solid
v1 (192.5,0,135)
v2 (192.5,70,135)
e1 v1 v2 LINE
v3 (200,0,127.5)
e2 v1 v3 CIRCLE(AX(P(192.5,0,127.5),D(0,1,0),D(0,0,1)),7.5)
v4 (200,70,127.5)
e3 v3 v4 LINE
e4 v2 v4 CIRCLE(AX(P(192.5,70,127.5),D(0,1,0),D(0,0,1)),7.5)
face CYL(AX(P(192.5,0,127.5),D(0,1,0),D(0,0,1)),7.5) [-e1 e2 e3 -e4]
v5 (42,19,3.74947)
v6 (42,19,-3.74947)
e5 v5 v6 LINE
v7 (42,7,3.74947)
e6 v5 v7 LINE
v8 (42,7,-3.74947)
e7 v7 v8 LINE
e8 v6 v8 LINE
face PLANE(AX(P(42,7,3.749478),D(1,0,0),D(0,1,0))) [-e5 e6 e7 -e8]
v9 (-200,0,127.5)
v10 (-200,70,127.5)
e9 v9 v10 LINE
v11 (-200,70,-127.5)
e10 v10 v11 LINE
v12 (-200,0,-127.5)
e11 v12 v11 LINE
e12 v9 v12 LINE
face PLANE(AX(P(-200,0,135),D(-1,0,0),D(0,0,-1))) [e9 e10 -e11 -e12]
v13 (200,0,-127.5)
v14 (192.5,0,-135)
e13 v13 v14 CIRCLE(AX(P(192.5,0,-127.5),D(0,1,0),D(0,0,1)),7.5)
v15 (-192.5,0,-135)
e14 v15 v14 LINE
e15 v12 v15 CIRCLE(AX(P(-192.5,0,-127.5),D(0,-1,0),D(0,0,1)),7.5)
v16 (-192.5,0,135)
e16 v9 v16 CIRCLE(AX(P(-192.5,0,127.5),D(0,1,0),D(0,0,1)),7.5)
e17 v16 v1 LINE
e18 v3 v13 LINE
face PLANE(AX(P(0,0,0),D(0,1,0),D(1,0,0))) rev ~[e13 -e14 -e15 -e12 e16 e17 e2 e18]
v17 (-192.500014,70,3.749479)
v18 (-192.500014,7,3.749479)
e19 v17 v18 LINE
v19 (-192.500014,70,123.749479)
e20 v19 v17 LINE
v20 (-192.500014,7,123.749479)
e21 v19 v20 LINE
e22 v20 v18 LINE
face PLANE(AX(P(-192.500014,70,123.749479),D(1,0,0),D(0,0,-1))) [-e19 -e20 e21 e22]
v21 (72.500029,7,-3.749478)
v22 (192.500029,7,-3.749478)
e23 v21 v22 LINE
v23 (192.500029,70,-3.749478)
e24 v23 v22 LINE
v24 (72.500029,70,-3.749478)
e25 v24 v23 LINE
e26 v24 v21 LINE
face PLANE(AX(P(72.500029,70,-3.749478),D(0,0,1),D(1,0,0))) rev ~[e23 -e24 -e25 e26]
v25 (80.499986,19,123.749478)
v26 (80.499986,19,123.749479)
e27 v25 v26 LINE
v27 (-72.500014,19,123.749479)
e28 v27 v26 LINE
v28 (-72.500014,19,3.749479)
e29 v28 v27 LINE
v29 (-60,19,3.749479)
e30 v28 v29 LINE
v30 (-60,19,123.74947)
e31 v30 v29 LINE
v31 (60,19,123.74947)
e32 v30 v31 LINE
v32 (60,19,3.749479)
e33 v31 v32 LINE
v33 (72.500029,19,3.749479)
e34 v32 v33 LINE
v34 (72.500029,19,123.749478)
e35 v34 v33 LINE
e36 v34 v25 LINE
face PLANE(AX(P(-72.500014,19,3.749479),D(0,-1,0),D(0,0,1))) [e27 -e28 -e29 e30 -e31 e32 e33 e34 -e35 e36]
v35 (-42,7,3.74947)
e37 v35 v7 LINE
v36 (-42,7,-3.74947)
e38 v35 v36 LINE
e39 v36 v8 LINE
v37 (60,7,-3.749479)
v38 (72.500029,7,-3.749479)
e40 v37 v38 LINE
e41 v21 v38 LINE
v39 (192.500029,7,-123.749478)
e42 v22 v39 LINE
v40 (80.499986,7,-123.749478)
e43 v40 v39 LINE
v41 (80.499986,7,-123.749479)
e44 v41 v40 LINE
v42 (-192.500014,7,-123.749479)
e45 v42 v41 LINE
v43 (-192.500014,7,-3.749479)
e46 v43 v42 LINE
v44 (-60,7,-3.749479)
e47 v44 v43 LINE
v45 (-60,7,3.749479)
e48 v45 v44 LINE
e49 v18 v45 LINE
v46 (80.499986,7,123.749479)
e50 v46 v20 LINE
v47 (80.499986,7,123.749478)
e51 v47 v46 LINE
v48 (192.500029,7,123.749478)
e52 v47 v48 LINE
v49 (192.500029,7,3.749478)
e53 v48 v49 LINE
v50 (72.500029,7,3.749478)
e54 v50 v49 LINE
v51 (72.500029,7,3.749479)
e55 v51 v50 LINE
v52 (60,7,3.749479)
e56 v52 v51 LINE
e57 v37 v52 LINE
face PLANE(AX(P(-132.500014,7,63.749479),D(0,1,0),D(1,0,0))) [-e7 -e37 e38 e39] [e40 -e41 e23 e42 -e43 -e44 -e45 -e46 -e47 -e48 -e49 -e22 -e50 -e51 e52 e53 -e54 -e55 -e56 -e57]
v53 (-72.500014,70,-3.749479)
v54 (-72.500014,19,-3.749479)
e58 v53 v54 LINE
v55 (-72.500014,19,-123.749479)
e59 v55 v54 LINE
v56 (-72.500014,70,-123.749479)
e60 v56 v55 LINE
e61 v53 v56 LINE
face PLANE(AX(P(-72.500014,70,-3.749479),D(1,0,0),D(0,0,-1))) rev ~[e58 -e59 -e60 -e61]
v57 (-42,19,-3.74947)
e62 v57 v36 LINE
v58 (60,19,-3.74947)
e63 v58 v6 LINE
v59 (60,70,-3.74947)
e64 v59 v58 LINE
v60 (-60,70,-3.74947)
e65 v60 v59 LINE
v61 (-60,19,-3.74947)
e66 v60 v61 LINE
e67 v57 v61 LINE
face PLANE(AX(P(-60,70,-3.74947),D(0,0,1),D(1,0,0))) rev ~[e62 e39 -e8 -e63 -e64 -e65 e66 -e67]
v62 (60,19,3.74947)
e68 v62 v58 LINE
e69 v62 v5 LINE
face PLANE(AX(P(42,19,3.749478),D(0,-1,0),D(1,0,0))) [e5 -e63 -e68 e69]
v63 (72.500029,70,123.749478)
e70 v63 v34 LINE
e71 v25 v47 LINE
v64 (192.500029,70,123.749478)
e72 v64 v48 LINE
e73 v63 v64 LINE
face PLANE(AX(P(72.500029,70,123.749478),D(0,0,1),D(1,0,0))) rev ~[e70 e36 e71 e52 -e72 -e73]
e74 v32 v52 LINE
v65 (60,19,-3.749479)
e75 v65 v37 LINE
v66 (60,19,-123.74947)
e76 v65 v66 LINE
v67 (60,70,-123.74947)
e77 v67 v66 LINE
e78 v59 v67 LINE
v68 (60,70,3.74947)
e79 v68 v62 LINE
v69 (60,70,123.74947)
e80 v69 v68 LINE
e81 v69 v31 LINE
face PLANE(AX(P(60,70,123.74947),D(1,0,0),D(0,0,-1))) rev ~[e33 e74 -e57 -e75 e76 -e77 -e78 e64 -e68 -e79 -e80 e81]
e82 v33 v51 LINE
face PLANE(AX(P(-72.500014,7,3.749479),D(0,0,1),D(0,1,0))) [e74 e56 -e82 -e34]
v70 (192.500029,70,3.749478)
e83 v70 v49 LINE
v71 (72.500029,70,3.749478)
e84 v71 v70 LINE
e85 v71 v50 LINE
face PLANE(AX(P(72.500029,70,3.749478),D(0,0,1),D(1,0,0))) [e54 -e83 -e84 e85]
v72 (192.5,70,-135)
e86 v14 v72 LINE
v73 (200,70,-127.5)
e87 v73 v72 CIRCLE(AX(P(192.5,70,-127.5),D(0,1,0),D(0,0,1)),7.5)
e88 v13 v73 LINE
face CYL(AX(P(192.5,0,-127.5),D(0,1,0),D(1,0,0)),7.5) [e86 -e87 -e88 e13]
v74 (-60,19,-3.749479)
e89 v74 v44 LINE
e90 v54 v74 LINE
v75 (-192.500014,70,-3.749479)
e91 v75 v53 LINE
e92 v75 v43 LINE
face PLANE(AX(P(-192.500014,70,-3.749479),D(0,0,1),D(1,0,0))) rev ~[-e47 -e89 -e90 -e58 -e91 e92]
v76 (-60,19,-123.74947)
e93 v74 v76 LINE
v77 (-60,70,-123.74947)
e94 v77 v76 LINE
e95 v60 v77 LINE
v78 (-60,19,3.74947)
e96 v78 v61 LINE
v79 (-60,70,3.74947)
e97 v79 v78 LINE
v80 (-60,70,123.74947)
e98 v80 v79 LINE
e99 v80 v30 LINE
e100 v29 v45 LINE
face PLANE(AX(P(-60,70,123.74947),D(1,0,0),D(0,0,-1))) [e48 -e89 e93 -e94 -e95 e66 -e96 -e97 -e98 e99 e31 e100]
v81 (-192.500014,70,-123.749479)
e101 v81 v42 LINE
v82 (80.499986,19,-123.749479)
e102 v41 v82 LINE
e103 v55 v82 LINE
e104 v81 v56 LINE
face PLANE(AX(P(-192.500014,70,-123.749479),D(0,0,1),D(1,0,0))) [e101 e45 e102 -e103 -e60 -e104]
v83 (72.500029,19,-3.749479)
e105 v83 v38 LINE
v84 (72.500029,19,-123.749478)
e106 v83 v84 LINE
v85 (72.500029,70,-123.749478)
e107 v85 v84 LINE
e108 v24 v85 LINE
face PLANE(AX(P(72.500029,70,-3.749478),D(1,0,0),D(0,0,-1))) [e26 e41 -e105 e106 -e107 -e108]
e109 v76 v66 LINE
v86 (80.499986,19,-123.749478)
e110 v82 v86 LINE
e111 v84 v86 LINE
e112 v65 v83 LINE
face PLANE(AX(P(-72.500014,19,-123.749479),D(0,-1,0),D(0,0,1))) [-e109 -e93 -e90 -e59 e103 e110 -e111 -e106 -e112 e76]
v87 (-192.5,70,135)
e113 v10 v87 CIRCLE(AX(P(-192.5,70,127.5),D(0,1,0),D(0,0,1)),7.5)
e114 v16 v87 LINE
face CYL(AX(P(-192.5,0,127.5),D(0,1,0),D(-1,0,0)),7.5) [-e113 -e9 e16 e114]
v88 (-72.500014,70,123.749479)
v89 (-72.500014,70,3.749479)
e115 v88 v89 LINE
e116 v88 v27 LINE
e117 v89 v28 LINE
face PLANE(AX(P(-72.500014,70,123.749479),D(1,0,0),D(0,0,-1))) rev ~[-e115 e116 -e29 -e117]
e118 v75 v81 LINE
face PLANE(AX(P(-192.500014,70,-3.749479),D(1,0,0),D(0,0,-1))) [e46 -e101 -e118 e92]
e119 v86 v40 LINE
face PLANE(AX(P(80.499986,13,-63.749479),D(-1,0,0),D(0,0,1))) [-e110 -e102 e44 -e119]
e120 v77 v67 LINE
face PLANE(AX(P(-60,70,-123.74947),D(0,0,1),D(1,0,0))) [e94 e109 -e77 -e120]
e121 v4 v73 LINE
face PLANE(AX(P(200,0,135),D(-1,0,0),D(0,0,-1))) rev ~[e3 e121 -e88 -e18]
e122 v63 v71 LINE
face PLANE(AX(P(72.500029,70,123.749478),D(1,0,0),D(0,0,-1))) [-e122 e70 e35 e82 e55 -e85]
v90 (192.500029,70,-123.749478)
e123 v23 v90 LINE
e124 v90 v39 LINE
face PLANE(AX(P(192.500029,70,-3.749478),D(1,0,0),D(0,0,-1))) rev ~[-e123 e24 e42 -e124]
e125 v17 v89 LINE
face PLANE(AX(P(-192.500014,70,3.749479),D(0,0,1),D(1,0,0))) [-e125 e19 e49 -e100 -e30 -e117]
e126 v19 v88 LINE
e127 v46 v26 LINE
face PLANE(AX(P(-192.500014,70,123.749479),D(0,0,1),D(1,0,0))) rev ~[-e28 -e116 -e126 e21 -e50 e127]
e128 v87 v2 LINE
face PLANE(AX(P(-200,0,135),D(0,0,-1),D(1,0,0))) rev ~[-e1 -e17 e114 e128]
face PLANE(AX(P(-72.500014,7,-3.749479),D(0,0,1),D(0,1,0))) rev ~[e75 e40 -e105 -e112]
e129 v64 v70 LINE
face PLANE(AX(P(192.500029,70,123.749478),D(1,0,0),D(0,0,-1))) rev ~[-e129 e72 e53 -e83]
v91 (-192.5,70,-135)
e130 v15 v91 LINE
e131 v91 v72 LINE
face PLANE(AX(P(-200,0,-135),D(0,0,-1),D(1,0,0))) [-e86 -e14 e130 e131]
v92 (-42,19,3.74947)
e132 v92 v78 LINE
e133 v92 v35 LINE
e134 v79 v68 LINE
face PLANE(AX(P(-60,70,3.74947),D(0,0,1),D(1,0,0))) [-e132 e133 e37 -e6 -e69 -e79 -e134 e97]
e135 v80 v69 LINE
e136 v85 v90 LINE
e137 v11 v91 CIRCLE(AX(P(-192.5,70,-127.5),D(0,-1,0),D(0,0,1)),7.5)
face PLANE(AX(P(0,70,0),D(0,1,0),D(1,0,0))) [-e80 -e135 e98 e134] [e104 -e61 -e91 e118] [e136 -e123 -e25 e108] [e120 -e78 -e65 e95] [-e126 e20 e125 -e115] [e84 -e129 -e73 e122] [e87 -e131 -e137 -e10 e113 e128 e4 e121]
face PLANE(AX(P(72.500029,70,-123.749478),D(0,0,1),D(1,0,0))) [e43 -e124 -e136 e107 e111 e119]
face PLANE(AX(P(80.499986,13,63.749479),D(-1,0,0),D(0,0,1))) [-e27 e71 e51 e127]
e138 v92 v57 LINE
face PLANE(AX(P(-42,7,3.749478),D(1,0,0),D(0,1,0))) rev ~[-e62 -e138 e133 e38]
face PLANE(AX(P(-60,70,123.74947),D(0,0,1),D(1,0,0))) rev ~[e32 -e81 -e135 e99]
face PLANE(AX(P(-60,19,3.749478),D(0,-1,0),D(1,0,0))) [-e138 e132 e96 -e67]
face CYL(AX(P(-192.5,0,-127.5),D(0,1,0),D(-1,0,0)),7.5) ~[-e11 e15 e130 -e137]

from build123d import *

# Parameters (mm, degrees)
SKETCH1_W           = 400
SKETCH1_H           = 270
BOSS_EXTRUDE1_DEPTH = 70
FILLET1_R           = 7.5
SKETCH3_W           = 120
SKETCH3_H           = 120
CUT_EXTRUDE1_DEPTH  = 63
SKETCH5_W           = 120
SKETCH5_H           = 12
CUT_EXTRUDE2_DEPTH  = 153
SKETCH6_W           = 120
SKETCH6_H           = 12
CUT_EXTRUDE3_DEPTH  = 153
CUT_EXTRUDE4_REACH  = 255.281
SKETCH7_W           = 18
SKETCH7_H           = 12


with BuildPart() as part:
    # Sketch1 → Boss-Extrude1 (new body)
    with BuildSketch(Plane(origin=(0, 0, 0), x_dir=(1, 0, 0), z_dir=(0, 1, 0))):
        Rectangle(SKETCH1_W, SKETCH1_H)
    extrude(amount=BOSS_EXTRUDE1_DEPTH)

    # Fillet1
    fillet1_edges = [part.edges().sort_by_distance(p)[0] for p in [
        (-200, 35, -135),
        (200, 35, -135),
        (200, 35, 135),
        (-200, 35, 135),
    ]]
    fillet(fillet1_edges, radius=FILLET1_R)

    # Sketch3 → Cut-Extrude1 (cut)
    with BuildSketch(Plane(origin=(0, 70, 0), x_dir=(1, 0, 0), z_dir=(0, 1, 0))):
        with Locations((0, 63.749469805)):
            Rectangle(SKETCH3_W, SKETCH3_H)
        with Locations((-132.500014476, 63.749478681)):
            Rectangle(SKETCH3_W, SKETCH3_H)
        with Locations((132.500029203, 63.749477903)):
            Rectangle(SKETCH3_W, SKETCH3_H)
        with Locations((132.500029203, -63.749477903)):
            Rectangle(SKETCH3_W, SKETCH3_H)
        with Locations((0, -63.749469805)):
            Rectangle(SKETCH3_W, SKETCH3_H)
        with Locations((-132.500014476, -63.749478681)):
            Rectangle(SKETCH3_W, SKETCH3_H)
    extrude(amount=-CUT_EXTRUDE1_DEPTH, mode=Mode.SUBTRACT)

    # Sketch5 → Cut-Extrude2 (cut)
    with BuildSketch(Plane.ZY.offset(72.500014476)):
        with Locations((-63.749478681, 13)):
            Rectangle(SKETCH5_W, SKETCH5_H)
    extrude(amount=-CUT_EXTRUDE2_DEPTH, mode=Mode.SUBTRACT)

    # Sketch6 → Cut-Extrude3 (cut)
    with BuildSketch(Plane.ZY.offset(72.500014476)):
        with Locations((63.749478681, 13)):
            Rectangle(SKETCH6_W, SKETCH6_H)
    extrude(amount=-CUT_EXTRUDE3_DEPTH, mode=Mode.SUBTRACT)

    # Sketch7 → Cut-Extrude4 (cut, up to next)
    with BuildSketch(Plane.XY.offset(3.749477903), mode=Mode.PRIVATE) as cut_extrude4_sk1:
        with Locations((-51, 13)):
            Rectangle(SKETCH7_W, SKETCH7_H)
    cut_extrude4_tool1 = extrude(cut_extrude4_sk1.sketch, amount=-CUT_EXTRUDE4_REACH, mode=Mode.PRIVATE) & part.part
    # Sketch7 → Cut-Extrude4 (cut, up to next)
    with BuildSketch(Plane.XY.offset(3.749477903), mode=Mode.PRIVATE) as cut_extrude4_sk2:
        with Locations((51, 13)):
            Rectangle(SKETCH7_W, SKETCH7_H)
    cut_extrude4_tool2 = extrude(cut_extrude4_sk2.sketch, amount=-CUT_EXTRUDE4_REACH, mode=Mode.PRIVATE) & part.part
    add(cut_extrude4_tool1.solids().sort_by_distance((-51, 13, 3.749478))[0], mode=Mode.SUBTRACT)
    add(cut_extrude4_tool2.solids().sort_by_distance((51, 13, 3.749478))[0], mode=Mode.SUBTRACT)


solid = part.part
